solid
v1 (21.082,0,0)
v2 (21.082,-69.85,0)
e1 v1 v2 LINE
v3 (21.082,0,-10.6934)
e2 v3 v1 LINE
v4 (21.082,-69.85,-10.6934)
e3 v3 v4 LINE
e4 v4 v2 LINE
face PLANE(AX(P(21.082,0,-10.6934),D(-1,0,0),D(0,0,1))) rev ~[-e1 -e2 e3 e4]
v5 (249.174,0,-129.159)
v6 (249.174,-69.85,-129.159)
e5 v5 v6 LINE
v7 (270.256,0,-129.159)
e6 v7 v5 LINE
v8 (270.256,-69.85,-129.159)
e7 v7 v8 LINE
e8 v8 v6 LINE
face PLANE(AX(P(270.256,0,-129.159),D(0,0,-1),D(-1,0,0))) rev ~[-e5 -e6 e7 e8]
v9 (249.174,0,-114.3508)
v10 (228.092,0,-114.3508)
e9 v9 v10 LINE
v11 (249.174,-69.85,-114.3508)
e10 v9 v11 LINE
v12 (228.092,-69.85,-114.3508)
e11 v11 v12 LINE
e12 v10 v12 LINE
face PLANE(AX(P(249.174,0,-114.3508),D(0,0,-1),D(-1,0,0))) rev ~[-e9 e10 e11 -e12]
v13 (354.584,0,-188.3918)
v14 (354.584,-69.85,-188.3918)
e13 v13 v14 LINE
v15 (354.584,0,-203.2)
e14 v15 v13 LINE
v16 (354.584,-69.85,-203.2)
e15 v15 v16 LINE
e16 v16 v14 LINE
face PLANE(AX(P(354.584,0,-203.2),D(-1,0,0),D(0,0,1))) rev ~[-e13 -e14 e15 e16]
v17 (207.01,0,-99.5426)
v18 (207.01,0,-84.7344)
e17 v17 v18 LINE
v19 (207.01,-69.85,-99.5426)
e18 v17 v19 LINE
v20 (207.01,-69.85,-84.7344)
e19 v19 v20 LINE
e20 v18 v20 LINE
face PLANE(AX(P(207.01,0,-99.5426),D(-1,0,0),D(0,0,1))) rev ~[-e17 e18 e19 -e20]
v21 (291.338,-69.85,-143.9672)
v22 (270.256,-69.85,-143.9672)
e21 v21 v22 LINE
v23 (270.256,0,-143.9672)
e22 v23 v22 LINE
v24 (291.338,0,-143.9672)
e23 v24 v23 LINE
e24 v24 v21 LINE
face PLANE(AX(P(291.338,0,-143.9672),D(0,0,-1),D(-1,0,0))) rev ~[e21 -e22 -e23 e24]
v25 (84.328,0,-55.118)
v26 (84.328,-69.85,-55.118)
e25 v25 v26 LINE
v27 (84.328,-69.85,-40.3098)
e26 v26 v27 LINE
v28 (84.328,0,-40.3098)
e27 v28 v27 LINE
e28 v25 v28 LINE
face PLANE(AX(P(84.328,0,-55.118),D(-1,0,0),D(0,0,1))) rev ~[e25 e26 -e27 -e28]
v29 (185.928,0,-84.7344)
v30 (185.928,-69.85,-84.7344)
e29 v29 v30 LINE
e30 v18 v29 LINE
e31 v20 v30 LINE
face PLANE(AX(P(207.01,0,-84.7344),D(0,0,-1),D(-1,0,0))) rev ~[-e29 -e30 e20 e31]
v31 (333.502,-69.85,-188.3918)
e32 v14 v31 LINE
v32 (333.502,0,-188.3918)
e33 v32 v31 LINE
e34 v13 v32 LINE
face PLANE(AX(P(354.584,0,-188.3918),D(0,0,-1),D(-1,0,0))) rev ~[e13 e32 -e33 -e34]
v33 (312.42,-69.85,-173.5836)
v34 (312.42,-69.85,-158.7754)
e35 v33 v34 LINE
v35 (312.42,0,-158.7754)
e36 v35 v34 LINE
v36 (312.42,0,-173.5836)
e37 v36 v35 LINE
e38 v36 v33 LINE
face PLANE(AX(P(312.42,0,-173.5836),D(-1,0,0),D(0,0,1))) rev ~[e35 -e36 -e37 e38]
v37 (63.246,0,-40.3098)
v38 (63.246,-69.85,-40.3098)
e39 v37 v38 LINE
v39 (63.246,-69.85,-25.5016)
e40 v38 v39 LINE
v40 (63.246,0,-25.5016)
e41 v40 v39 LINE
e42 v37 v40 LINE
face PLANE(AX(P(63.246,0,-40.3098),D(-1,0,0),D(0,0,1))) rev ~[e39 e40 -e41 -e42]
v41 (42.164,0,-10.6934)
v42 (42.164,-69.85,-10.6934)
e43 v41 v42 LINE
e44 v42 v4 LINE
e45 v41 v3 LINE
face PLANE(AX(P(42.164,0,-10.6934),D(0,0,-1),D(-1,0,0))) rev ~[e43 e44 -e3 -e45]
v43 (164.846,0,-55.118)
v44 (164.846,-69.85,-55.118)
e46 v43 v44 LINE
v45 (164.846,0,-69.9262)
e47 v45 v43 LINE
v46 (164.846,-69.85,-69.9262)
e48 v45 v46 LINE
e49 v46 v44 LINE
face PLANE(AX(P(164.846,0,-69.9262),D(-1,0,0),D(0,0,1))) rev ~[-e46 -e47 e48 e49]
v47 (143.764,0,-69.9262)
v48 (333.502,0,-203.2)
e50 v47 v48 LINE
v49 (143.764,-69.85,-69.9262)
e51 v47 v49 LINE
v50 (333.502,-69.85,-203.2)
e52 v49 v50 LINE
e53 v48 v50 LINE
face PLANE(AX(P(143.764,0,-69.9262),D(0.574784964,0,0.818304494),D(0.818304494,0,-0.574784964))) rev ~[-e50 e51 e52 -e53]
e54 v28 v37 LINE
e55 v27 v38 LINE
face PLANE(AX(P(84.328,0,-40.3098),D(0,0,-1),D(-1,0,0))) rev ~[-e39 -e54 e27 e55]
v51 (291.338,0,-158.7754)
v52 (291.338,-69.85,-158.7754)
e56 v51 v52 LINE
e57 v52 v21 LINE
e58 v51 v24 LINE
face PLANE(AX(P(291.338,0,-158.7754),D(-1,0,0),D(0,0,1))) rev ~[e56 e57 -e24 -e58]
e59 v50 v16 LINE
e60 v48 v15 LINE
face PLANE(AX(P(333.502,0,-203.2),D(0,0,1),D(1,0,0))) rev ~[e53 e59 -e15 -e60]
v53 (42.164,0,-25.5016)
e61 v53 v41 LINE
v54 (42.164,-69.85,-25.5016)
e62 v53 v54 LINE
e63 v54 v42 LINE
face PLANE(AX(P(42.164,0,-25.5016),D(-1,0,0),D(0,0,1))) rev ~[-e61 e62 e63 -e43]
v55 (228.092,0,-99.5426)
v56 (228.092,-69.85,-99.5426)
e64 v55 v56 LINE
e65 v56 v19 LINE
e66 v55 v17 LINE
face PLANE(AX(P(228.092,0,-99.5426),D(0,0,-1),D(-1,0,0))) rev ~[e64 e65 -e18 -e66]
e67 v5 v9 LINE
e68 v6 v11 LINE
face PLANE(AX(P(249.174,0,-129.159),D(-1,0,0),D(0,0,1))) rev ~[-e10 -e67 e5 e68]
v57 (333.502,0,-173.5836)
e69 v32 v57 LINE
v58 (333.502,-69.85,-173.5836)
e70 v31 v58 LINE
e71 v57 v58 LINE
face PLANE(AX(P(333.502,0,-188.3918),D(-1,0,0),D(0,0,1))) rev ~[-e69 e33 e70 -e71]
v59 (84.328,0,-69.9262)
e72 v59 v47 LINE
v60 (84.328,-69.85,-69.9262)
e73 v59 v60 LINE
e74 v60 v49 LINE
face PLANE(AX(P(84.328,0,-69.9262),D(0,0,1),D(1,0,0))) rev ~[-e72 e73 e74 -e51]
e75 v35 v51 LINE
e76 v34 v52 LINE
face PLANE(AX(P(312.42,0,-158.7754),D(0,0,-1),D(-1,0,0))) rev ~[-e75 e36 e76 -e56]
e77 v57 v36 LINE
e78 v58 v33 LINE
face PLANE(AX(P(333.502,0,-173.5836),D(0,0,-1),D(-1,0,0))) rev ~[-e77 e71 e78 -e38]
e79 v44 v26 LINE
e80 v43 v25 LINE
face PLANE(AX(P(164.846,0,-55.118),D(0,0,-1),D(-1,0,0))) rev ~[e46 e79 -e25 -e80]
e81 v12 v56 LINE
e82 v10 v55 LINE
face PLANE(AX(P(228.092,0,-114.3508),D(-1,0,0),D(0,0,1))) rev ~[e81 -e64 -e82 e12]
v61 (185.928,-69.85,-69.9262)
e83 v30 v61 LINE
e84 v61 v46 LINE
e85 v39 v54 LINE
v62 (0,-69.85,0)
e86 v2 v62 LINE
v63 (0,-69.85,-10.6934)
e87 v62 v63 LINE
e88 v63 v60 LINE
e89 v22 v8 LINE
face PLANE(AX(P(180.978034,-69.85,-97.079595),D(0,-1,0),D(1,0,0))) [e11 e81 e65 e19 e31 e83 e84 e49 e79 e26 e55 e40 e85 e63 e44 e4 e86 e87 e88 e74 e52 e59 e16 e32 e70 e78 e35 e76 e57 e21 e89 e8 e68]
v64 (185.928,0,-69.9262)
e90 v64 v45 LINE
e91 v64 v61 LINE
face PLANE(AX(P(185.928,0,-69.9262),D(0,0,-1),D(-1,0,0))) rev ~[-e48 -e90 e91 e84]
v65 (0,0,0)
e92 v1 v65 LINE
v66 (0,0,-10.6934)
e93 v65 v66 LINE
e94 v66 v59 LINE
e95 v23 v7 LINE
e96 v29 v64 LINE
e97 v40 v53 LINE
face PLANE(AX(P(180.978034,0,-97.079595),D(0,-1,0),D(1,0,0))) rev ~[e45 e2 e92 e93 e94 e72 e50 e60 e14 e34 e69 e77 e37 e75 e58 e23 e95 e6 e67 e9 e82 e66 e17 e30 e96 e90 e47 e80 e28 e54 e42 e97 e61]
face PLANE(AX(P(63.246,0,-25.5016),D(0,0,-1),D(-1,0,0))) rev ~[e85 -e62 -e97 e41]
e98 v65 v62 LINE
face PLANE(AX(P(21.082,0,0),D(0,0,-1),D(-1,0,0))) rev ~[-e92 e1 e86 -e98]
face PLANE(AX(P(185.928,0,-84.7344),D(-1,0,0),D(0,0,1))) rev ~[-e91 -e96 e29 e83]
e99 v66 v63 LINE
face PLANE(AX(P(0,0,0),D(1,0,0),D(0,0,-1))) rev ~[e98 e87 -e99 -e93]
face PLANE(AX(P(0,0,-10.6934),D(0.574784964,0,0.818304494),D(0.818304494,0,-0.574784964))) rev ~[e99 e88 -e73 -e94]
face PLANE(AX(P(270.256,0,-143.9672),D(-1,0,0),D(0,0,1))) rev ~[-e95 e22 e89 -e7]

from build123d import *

# Parameters (mm, degrees)
F1_DEPTH = 69.85


with BuildPart() as f1:
    # F0 (on Front) → F1 (new body)
    with BuildSketch(Plane.XZ):
        Polygon((21.082, 0), (0, 0), (0, -10.6934), (84.328, -69.9262), (143.764, -69.9262), (333.502, -203.2), (354.584, -203.2), (354.584, -188.3918), (333.502, -188.3918), (333.502, -173.5836), (312.42, -173.5836), (312.42, -158.7754), (291.338, -158.7754), (291.338, -143.9672), (270.256, -143.9672), (270.256, -129.159), (249.174, -129.159), (249.174, -114.3508), (228.092, -114.3508), (228.092, -99.5426), (207.01, -99.5426), (207.01, -84.7344), (185.928, -84.7344), (185.928, -69.9262), (164.846, -69.9262), (164.846, -55.118), (84.328, -55.118), (84.328, -40.3098), (63.246, -40.3098), (63.246, -25.5016), (42.164, -25.5016), (42.164, -10.6934), (21.082, -10.6934), align=None)
    extrude(amount=F1_DEPTH)


solid = f1.part
